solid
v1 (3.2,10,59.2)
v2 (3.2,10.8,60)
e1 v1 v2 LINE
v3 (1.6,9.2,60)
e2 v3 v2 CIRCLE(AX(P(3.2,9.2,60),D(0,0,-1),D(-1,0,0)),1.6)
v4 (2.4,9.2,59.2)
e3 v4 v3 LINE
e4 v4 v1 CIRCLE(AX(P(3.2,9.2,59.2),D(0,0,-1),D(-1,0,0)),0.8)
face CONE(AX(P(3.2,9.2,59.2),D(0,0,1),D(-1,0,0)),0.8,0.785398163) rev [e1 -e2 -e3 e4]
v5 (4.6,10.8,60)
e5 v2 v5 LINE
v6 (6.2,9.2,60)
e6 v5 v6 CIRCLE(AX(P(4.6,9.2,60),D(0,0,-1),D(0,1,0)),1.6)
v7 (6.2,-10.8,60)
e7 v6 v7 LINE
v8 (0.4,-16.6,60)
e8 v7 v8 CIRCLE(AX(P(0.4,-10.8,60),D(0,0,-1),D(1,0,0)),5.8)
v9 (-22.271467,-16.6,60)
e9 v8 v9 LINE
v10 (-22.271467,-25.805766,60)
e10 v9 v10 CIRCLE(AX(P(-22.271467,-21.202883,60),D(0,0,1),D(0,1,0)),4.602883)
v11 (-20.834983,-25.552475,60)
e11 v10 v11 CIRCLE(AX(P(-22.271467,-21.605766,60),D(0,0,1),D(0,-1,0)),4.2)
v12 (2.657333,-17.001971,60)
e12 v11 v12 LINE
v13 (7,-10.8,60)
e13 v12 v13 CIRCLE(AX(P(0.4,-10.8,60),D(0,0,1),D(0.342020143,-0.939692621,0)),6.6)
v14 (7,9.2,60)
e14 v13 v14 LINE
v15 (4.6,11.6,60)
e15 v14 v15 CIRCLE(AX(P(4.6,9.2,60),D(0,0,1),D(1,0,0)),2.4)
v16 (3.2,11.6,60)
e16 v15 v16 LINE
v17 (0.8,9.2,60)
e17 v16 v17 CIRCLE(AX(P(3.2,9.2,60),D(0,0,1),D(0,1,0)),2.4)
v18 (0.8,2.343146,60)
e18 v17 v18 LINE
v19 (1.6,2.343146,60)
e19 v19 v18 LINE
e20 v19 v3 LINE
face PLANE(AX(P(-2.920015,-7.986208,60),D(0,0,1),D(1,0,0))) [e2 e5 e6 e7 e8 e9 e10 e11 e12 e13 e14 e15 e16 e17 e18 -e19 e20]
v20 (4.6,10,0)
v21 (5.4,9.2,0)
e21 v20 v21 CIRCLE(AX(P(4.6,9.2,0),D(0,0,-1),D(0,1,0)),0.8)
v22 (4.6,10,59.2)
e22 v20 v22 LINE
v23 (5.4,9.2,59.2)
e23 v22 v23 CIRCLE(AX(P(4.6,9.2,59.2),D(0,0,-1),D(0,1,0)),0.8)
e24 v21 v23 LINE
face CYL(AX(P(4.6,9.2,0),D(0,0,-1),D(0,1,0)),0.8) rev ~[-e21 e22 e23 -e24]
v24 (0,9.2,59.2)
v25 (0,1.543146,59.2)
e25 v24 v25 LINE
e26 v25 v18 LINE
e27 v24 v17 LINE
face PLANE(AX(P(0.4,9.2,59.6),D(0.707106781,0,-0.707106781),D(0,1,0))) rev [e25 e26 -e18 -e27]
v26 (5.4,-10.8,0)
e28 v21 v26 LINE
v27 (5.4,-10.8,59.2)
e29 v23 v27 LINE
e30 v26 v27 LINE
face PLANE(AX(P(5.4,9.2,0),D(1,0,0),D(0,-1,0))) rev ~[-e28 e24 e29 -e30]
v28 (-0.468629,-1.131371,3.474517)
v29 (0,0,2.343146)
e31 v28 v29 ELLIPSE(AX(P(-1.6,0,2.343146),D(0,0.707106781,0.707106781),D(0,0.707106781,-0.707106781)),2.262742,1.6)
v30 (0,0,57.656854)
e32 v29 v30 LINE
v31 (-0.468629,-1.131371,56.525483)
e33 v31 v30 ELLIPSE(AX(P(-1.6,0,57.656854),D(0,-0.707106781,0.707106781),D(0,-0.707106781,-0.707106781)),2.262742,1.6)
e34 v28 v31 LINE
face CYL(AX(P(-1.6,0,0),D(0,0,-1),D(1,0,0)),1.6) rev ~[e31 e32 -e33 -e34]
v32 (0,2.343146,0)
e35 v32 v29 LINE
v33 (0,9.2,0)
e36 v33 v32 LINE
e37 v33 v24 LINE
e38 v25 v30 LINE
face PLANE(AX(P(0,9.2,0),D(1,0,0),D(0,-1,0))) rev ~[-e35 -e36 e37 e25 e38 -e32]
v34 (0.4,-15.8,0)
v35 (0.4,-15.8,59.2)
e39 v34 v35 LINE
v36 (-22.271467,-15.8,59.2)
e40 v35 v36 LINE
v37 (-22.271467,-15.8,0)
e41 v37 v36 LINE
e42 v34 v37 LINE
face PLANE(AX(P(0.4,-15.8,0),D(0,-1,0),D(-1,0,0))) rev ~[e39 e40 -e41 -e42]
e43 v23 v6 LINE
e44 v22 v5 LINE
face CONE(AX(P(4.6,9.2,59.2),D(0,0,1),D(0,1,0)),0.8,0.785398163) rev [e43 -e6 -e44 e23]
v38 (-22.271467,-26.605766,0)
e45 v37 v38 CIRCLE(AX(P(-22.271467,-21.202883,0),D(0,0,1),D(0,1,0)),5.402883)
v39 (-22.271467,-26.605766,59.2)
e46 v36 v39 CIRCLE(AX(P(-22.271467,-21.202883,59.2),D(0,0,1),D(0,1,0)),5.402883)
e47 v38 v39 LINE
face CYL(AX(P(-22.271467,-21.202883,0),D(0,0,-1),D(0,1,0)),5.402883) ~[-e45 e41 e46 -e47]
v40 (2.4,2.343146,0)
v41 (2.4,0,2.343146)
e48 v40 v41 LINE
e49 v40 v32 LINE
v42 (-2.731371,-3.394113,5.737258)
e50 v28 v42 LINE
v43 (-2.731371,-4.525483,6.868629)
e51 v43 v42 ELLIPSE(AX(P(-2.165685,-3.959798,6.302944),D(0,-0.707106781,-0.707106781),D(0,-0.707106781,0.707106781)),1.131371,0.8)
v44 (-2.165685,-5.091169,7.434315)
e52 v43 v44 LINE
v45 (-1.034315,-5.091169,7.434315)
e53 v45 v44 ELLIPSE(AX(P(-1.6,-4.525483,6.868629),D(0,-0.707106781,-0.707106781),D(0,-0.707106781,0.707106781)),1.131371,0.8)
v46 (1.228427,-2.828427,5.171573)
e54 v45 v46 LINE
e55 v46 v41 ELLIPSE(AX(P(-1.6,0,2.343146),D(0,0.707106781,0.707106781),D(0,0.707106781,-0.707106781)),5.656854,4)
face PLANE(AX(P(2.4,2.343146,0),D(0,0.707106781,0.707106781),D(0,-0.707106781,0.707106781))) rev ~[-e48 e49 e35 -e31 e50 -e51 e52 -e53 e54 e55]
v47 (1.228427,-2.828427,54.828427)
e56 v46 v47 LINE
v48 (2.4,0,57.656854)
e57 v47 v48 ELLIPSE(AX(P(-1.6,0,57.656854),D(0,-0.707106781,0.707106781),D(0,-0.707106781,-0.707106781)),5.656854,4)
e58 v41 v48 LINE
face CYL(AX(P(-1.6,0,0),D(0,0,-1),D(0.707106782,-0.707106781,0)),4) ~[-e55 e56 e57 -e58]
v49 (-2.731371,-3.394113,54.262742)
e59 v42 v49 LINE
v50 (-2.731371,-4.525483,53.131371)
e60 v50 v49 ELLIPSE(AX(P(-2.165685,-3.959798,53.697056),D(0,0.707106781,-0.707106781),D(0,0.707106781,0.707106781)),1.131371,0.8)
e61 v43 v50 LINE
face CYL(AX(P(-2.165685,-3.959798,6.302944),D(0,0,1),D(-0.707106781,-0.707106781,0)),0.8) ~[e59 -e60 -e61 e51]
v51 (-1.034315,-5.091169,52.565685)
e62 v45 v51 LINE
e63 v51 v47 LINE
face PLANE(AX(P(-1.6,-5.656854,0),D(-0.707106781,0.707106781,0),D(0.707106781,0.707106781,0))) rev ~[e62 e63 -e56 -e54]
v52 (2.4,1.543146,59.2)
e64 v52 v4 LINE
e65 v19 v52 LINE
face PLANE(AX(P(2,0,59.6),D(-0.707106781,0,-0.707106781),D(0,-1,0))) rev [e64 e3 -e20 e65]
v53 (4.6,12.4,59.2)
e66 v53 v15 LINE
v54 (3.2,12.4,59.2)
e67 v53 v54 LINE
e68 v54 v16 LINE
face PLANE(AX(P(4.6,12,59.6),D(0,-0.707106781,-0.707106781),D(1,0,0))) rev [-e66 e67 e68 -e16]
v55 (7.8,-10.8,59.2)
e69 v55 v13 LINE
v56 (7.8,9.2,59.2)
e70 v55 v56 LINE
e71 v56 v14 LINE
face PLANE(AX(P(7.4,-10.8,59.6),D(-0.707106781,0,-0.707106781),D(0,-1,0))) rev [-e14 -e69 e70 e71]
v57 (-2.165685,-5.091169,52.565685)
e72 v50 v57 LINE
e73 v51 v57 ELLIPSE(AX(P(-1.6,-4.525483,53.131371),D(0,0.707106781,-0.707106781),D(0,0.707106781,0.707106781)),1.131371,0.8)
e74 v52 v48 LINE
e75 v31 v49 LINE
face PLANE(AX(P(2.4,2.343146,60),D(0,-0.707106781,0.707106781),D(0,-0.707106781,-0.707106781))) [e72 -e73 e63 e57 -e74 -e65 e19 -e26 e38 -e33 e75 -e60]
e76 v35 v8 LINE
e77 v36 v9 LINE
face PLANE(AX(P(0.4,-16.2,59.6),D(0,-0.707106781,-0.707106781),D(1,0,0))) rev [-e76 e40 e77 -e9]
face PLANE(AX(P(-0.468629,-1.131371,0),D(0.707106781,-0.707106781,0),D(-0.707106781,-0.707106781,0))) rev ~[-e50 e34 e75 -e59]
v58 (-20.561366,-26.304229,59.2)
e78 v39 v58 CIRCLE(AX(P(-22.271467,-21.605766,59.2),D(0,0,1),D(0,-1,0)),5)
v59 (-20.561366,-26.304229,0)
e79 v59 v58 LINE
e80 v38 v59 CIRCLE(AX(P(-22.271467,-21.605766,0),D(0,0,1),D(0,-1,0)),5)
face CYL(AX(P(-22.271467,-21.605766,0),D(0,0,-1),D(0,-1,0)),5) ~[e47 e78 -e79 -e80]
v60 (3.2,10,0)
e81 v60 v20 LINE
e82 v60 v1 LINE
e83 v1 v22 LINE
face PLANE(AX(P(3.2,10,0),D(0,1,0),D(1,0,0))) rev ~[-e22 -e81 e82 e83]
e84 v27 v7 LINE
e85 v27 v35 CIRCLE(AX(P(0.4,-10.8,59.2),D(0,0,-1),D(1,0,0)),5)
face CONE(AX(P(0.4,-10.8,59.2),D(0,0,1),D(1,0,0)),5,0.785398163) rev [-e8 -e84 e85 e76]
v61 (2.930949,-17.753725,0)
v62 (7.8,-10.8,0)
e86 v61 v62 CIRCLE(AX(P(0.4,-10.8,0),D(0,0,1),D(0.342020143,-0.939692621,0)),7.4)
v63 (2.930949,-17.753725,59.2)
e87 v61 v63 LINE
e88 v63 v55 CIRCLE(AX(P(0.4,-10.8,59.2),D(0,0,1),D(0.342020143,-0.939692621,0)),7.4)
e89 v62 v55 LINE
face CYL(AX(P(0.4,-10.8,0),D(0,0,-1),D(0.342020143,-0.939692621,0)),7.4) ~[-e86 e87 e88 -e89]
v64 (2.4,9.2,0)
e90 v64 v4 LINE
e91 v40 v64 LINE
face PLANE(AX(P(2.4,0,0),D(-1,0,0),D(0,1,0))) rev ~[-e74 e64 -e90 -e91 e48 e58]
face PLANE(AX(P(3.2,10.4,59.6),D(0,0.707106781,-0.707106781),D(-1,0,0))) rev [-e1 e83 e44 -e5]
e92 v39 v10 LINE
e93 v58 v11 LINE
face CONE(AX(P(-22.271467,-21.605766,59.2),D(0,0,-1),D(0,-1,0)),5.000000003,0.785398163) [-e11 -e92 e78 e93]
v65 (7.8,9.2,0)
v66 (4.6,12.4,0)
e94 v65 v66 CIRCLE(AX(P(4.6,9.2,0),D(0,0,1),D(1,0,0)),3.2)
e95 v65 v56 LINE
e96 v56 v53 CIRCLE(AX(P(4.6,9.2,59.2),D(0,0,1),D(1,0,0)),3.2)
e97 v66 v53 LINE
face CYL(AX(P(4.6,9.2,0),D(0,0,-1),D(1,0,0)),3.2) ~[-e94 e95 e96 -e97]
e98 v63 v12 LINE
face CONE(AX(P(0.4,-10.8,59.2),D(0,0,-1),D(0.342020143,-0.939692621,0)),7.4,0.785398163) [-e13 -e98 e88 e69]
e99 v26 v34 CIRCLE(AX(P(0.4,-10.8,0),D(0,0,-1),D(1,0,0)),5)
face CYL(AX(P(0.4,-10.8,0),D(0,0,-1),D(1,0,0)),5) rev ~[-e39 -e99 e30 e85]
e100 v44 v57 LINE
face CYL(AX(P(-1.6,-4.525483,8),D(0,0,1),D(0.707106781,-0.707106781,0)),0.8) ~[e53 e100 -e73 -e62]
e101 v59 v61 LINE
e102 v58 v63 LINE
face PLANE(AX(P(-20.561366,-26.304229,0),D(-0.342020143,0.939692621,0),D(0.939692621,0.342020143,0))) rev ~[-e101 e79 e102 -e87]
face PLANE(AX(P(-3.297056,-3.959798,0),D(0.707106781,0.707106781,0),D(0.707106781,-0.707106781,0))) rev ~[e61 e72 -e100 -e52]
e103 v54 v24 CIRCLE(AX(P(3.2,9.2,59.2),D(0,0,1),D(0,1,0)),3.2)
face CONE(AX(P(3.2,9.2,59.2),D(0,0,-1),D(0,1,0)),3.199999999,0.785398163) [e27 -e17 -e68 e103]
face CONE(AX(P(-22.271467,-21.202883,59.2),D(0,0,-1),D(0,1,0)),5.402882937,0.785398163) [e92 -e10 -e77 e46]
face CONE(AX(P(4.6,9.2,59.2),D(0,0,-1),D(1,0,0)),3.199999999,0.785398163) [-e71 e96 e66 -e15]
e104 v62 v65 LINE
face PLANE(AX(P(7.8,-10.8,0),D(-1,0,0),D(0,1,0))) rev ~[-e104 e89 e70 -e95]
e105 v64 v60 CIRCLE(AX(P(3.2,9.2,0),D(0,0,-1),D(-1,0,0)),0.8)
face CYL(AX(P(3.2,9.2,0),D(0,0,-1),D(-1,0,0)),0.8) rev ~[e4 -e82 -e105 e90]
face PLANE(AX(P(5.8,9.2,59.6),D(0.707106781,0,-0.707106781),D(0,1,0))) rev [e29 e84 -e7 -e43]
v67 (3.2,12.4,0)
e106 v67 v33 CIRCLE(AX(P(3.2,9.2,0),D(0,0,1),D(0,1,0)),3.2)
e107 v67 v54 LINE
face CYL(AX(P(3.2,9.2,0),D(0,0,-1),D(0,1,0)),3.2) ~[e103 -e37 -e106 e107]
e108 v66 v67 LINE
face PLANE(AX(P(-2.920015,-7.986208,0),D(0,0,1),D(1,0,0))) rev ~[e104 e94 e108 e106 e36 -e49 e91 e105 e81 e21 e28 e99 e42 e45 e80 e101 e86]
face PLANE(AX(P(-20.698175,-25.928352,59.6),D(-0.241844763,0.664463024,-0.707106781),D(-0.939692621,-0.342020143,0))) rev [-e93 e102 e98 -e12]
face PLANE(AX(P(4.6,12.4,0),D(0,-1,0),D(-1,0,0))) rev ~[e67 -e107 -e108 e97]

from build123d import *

# Parameters (mm, degrees)
BOSS_EXTRUDE1_DEPTH = 60
CHAMFER2_SIZE       = 0.8
CUT_EXTRUDE1_DEPTH  = 73.196490998
FILLET2_R           = 0.8


with BuildPart() as part:
    # Sketch1 → Boss-Extrude1 (new body)
    with BuildSketch(Plane.XY):
        with BuildLine():
            Line((2.4, 0), (2.4, 9.2))
            ThreePointArc((2.4, 9.2), (2.634314575, 9.765685425), (3.2, 10))
            Line((3.2, 10), (4.6, 10))
            ThreePointArc((4.6, 10), (5.165685425, 9.765685425), (5.4, 9.2))
            Line((5.4, 9.2), (5.4, -10.8))
            ThreePointArc((5.4, -10.8), (3.935533906, -14.335533906), (0.4, -15.8))
            Line((0.4, -15.8), (-22.271467176, -15.8))
            ThreePointArc((-22.271467176, -15.8), (-27.674350112, -21.202882937), (-22.271467176, -26.605765873))
            ThreePointArc((-22.271467176, -26.605765873), (-21.403226287, -26.529804638), (-20.561366459, -26.304228977))
            Line((-20.561366459, -26.304228977), (2.930949061, -17.753725394))
            ThreePointArc((2.930949061, -17.753725394), (6.461725128, -15.044465629), (7.8, -10.8))
            Line((7.8, -10.8), (7.8, 9.2))
            ThreePointArc((7.8, 9.2), (6.8627417, 11.4627417), (4.6, 12.4))
            Line((4.6, 12.4), (3.2, 12.4))
            ThreePointArc((3.2, 12.4), (0.9372583, 11.4627417), (0, 9.2))
            Line((0, 9.2), (0, 0))
            ThreePointArc((0, 0), (-0.121792748, -0.612293492), (-0.46862915, -1.13137085))
            Line((-0.46862915, -1.13137085), (-3.297056275, -3.959797975))
            Line((-3.297056275, -3.959797975), (-1.6, -5.656854249))
            Line((-1.6, -5.656854249), (1.228427125, -2.828427125))
            ThreePointArc((1.228427125, -2.828427125), (2.09551813, -1.530733729), (2.4, 0))
        make_face()
    extrude(amount=BOSS_EXTRUDE1_DEPTH)

    # Chamfer2
    chamfer2_edges = [part.edges().sort_by_distance(p)[0] for p in [
        (-0.185786438, -4.242640687, 60),
        (2.09551813, -1.530733729, 60),
        (2.4, 4.6, 60),
        (2.634314575, 9.765685425, 60),
        (3.9, 10, 60),
        (5.165685425, 9.765685425, 60),
        (5.4, -0.8, 60),
        (3.935533906, -14.335533906, 60),
        (-10.935733588, -15.8, 60),
        (-0.121792748, -0.612293492, 60),
        (-27.674350112, -21.202882937, 60),
        (-21.403226287, -26.529804638, 60),
        (-8.815208699, -22.028977185, 60),
        (6.461725128, -15.044465629, 60),
        (7.8, -0.8, 60),
        (6.8627417, 11.4627417, 60),
        (3.9, 12.4, 60),
        (0.9372583, 11.4627417, 60),
        (0, 4.6, 60),
        (-1.882842712, -2.545584412, 60),
    ]]
    chamfer(chamfer2_edges, length=CHAMFER2_SIZE)

    # Sketch2 → Cut-Extrude1 (cut, through all)
    with BuildSketch(Plane(origin=(2.4, 0, 0), x_dir=(0, 0, -1), z_dir=(1, 0, 0))):
        Polygon((-60, 2.343145751), (-52, -5.656854249), (-60, -5.656854249), align=None)
        Polygon((0, 2.343145751), (-8, -5.656854249), (0, -5.656854249), align=None)
    extrude(amount=-CUT_EXTRUDE1_DEPTH, mode=Mode.SUBTRACT)

    # Fillet2
    fillet2_edges = [part.edges().sort_by_distance(p)[0] for p in [
        (-1.6, -5.656854249, 30),
        (-3.297056275, -3.959797975, 30),
    ]]
    fillet(fillet2_edges, radius=FILLET2_R)


solid = part.part
